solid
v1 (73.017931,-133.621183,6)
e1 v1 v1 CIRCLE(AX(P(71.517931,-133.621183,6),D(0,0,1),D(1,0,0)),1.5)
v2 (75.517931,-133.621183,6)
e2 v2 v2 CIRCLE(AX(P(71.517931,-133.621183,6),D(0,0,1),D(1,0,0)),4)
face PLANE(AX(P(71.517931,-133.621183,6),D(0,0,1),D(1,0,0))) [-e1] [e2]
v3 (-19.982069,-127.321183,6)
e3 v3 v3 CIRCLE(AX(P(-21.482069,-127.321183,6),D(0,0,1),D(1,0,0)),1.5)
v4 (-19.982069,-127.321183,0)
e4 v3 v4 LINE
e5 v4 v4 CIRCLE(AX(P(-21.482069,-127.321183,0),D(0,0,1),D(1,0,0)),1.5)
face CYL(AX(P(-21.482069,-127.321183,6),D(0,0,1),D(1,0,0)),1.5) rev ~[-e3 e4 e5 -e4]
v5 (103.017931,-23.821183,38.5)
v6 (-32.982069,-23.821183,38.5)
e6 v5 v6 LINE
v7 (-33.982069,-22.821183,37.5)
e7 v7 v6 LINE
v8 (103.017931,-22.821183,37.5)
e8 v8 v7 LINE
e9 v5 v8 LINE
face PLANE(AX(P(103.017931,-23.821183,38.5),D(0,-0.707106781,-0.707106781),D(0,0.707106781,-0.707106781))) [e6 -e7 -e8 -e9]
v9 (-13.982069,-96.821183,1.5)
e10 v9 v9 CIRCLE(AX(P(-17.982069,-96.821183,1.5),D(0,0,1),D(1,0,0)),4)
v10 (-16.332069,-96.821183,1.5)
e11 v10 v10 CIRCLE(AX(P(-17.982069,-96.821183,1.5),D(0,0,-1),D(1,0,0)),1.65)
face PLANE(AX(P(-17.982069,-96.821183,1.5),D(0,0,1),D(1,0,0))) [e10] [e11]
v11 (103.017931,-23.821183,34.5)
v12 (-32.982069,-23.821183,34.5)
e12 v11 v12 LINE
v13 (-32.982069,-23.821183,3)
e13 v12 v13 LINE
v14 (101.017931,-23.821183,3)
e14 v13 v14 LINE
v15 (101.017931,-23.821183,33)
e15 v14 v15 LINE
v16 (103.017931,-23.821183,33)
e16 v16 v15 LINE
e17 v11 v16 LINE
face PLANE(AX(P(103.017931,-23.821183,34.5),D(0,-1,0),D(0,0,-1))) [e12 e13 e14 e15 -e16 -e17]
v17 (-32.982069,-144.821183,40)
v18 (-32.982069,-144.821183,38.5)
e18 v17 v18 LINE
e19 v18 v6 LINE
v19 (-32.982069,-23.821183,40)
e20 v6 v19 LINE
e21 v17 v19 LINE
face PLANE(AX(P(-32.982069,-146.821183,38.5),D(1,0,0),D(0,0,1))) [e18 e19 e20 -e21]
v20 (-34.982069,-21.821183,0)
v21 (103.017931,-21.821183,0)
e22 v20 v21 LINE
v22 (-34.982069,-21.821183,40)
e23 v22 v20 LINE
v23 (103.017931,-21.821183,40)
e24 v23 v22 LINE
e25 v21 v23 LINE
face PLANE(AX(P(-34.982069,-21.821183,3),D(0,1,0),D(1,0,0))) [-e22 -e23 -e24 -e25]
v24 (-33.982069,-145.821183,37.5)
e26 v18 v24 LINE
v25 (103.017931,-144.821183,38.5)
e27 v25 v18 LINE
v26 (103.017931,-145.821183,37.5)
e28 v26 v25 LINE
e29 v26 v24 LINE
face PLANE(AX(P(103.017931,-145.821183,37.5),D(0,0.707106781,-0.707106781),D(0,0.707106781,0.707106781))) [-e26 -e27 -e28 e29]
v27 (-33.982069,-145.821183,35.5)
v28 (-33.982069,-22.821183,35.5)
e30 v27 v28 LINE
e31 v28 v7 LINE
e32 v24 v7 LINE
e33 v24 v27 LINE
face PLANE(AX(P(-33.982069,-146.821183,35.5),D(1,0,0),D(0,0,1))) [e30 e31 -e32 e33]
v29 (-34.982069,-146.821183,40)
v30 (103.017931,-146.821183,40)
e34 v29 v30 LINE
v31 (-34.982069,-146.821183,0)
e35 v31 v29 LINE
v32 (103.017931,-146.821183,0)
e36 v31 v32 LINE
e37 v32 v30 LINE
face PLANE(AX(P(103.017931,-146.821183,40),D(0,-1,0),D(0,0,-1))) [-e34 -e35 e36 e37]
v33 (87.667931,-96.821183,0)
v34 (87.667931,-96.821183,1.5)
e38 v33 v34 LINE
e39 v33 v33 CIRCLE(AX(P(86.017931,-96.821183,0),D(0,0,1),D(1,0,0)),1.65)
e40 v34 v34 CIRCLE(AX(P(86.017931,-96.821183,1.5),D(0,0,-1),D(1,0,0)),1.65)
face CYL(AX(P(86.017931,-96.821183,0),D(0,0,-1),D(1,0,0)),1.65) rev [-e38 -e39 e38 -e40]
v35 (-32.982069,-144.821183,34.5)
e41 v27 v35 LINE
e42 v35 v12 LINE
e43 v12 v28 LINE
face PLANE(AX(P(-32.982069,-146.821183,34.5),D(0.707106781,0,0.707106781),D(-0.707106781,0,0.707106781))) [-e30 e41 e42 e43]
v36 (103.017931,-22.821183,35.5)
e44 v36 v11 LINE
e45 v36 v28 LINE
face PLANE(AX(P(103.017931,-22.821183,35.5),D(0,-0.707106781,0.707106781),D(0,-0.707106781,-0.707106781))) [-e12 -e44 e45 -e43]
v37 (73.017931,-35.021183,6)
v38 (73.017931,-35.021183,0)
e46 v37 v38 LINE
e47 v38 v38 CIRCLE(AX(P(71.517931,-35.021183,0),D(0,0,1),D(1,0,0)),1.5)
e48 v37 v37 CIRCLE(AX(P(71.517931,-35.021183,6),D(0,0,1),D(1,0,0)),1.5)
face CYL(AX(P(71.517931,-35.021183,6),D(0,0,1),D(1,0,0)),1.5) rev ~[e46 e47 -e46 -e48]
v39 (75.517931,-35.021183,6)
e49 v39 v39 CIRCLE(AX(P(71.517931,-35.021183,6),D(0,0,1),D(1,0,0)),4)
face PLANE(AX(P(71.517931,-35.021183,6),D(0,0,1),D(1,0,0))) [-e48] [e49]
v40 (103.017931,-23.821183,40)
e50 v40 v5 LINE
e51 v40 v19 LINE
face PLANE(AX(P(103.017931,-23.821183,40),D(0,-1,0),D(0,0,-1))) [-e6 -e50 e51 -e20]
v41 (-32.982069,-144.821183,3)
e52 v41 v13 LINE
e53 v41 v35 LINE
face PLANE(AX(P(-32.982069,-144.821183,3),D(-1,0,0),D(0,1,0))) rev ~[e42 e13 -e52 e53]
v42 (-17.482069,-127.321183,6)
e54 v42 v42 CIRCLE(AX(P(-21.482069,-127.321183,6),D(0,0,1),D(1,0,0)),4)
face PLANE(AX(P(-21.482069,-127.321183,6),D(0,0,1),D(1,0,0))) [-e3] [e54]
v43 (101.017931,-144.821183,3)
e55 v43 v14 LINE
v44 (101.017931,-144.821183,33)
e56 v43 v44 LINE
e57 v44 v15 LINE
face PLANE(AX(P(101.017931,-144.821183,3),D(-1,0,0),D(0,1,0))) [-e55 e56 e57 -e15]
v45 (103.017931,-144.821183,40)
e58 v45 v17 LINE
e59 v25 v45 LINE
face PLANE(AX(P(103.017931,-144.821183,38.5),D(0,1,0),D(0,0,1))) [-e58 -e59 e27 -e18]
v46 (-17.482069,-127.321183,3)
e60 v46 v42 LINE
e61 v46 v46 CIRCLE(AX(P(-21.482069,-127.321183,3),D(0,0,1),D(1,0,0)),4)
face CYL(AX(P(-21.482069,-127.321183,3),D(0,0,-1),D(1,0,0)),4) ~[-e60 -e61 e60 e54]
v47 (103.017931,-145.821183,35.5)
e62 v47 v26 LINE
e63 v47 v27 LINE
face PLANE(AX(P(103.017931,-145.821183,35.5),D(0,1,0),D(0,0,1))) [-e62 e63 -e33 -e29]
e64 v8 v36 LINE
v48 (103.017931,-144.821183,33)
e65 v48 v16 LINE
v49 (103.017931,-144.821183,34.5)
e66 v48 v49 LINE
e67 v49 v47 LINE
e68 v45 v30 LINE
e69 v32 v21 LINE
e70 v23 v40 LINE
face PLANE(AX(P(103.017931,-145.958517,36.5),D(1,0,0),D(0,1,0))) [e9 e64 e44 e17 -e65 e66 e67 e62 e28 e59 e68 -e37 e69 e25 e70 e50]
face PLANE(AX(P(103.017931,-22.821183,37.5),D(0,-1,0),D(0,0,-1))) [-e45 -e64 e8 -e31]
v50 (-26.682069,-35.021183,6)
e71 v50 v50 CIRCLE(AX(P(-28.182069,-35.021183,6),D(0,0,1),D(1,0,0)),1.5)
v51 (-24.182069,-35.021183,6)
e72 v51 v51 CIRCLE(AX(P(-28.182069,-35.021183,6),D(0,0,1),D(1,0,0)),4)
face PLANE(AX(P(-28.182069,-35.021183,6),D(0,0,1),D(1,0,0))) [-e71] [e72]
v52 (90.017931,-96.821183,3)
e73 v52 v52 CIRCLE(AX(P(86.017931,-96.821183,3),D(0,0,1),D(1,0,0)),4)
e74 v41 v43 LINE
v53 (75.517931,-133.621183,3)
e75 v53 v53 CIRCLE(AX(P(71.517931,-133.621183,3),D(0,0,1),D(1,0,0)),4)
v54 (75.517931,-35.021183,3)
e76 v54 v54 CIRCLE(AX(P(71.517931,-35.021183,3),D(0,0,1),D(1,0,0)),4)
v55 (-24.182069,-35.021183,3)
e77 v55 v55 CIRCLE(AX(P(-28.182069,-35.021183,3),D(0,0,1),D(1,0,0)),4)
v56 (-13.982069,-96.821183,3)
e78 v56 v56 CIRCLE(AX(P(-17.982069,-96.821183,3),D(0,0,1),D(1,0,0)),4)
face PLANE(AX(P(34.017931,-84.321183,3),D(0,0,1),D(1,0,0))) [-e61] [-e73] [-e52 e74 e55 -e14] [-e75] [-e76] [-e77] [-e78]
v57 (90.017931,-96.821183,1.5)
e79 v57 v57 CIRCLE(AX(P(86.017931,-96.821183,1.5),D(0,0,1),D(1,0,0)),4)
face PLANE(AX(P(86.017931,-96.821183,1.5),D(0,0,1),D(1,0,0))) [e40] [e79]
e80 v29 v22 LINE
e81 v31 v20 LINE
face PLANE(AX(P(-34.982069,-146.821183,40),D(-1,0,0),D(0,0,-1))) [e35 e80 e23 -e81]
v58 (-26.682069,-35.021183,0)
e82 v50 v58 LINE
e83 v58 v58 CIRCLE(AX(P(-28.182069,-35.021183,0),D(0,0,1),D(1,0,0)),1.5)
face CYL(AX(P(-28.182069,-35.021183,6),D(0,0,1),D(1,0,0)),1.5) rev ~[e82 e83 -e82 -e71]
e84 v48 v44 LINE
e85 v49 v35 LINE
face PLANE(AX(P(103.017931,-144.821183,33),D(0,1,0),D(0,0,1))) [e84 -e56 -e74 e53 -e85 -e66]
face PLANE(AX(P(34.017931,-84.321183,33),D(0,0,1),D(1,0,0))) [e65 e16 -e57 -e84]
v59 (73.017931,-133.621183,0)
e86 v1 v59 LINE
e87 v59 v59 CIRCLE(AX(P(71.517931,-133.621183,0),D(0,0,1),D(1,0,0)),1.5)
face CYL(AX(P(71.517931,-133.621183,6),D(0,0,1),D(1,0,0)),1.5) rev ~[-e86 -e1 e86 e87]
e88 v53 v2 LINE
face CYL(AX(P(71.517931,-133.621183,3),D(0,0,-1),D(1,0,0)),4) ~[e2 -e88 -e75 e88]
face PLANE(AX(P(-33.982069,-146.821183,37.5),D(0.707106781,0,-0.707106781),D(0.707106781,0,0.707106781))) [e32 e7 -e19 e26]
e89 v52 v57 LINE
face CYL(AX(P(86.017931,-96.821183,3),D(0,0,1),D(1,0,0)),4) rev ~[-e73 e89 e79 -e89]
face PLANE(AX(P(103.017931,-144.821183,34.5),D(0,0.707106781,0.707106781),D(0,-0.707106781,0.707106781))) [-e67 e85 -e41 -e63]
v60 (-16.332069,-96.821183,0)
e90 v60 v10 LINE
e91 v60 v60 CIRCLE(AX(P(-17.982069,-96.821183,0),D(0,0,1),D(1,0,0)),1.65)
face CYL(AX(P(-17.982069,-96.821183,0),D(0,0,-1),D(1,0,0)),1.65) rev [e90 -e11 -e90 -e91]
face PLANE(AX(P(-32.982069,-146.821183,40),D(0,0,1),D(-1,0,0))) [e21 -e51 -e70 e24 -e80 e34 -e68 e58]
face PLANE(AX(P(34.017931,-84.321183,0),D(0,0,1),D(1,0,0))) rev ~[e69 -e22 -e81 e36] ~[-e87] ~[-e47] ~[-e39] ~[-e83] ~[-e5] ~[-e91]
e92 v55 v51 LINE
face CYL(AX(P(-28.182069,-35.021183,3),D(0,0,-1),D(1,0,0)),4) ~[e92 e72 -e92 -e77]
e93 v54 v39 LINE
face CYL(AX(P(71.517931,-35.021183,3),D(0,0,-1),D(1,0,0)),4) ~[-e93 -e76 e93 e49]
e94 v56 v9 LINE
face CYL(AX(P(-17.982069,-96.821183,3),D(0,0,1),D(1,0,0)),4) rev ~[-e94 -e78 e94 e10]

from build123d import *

# Parameters (mm, degrees)
F0_W      = 138
F0_H      = 125
F0_R      = 1.65
F1_DEPTH  = 3
F2_R      = 4
F3_DEPTH  = 1.5
F4_R      = 4
F5_DEPTH  = 3
F6_R      = 1.5
F7_DEPTH  = 6
F8_W      = 138
F8_H      = 125
F8_W_2    = 134
F8_H_2    = 121
F9_DEPTH  = 30
F11_DEPTH = 138
F13_DEPTH = 125


with BuildPart() as f1:
    # F0 (on Top) → F1 (new body)
    with BuildSketch(Plane.XY):
        with Locations((34.017931, -84.321183)):
            Rectangle(F0_W, F0_H)
        with Locations((-17.982069, -96.821183)):
            Circle(F0_R, mode=Mode.SUBTRACT)
        with Locations((86.017931, -96.821183)):
            Circle(F0_R, mode=Mode.SUBTRACT)
    extrude(amount=F1_DEPTH)

    # F2 (on face) → F3 (cut)
    with BuildSketch(Plane.XY.offset(3)):
        with Locations((-17.982069, -96.821183)):
            Circle(F2_R)
        with Locations((86.017931, -96.821183)):
            Circle(F2_R)
    extrude(amount=-F3_DEPTH, mode=Mode.SUBTRACT)

    # F4 (on face) → F5 (join)
    with BuildSketch(Plane.XY.offset(3)):
        with Locations((-21.482069, -127.321183)):
            Circle(F4_R)
        with Locations((-28.182069, -35.021183)):
            Circle(F4_R)
        with Locations((71.517931, -35.021183)):
            Circle(F4_R)
        with Locations((71.517931, -133.621183)):
            Circle(F4_R)
    extrude(amount=F5_DEPTH)

    # F6 (on face) → F7 (cut)
    with BuildSketch(Plane.XY.offset(6)):
        with Locations((-28.182069, -35.021183)):
            Circle(F6_R)
        with Locations((71.517931, -35.021183)):
            Circle(F6_R)
        with Locations((71.517931, -133.621183)):
            Circle(F6_R)
        with Locations((-21.482069, -127.321183)):
            Circle(F6_R)
    extrude(amount=-F7_DEPTH, mode=Mode.SUBTRACT)

    # F8 (on face) → F9 (join)
    with BuildSketch(Plane.XY.offset(3)):
        with Locations((34.017931, -84.321183)):
            Rectangle(F8_W, F8_H)
        with Locations((34.017931, -84.321183)):
            Rectangle(F8_W_2, F8_H_2, mode=Mode.SUBTRACT)
    extrude(amount=F9_DEPTH)

    # F10 (on face) → F11 (join)
    with BuildSketch(Plane.YZ.offset(103.017931)):
        Polygon((-146.821183, 40), (-146.821183, 33), (-144.821183, 33), (-144.821183, 34.5), (-145.821183, 35.5), (-145.821183, 37.5), (-144.821183, 38.5), (-144.821183, 40), align=None)
        Polygon((-23.821183, 40), (-23.821183, 38.5), (-22.821183, 37.5), (-22.821183, 35.5), (-23.821183, 34.5), (-23.821183, 33), (-21.821183, 33), (-21.821183, 40), align=None)
    extrude(amount=-F11_DEPTH)

    # F12 (on face) → F13 (join)
    with BuildSketch(Plane.XZ.offset(146.821183)):
        Polygon((-34.982069, 40), (-34.982069, 33), (-32.982069, 33), (-32.982069, 34.5), (-33.982069, 35.5), (-33.982069, 37.5), (-32.982069, 38.5), (-32.982069, 40), align=None)
    extrude(amount=-F13_DEPTH)


solid = f1.part
